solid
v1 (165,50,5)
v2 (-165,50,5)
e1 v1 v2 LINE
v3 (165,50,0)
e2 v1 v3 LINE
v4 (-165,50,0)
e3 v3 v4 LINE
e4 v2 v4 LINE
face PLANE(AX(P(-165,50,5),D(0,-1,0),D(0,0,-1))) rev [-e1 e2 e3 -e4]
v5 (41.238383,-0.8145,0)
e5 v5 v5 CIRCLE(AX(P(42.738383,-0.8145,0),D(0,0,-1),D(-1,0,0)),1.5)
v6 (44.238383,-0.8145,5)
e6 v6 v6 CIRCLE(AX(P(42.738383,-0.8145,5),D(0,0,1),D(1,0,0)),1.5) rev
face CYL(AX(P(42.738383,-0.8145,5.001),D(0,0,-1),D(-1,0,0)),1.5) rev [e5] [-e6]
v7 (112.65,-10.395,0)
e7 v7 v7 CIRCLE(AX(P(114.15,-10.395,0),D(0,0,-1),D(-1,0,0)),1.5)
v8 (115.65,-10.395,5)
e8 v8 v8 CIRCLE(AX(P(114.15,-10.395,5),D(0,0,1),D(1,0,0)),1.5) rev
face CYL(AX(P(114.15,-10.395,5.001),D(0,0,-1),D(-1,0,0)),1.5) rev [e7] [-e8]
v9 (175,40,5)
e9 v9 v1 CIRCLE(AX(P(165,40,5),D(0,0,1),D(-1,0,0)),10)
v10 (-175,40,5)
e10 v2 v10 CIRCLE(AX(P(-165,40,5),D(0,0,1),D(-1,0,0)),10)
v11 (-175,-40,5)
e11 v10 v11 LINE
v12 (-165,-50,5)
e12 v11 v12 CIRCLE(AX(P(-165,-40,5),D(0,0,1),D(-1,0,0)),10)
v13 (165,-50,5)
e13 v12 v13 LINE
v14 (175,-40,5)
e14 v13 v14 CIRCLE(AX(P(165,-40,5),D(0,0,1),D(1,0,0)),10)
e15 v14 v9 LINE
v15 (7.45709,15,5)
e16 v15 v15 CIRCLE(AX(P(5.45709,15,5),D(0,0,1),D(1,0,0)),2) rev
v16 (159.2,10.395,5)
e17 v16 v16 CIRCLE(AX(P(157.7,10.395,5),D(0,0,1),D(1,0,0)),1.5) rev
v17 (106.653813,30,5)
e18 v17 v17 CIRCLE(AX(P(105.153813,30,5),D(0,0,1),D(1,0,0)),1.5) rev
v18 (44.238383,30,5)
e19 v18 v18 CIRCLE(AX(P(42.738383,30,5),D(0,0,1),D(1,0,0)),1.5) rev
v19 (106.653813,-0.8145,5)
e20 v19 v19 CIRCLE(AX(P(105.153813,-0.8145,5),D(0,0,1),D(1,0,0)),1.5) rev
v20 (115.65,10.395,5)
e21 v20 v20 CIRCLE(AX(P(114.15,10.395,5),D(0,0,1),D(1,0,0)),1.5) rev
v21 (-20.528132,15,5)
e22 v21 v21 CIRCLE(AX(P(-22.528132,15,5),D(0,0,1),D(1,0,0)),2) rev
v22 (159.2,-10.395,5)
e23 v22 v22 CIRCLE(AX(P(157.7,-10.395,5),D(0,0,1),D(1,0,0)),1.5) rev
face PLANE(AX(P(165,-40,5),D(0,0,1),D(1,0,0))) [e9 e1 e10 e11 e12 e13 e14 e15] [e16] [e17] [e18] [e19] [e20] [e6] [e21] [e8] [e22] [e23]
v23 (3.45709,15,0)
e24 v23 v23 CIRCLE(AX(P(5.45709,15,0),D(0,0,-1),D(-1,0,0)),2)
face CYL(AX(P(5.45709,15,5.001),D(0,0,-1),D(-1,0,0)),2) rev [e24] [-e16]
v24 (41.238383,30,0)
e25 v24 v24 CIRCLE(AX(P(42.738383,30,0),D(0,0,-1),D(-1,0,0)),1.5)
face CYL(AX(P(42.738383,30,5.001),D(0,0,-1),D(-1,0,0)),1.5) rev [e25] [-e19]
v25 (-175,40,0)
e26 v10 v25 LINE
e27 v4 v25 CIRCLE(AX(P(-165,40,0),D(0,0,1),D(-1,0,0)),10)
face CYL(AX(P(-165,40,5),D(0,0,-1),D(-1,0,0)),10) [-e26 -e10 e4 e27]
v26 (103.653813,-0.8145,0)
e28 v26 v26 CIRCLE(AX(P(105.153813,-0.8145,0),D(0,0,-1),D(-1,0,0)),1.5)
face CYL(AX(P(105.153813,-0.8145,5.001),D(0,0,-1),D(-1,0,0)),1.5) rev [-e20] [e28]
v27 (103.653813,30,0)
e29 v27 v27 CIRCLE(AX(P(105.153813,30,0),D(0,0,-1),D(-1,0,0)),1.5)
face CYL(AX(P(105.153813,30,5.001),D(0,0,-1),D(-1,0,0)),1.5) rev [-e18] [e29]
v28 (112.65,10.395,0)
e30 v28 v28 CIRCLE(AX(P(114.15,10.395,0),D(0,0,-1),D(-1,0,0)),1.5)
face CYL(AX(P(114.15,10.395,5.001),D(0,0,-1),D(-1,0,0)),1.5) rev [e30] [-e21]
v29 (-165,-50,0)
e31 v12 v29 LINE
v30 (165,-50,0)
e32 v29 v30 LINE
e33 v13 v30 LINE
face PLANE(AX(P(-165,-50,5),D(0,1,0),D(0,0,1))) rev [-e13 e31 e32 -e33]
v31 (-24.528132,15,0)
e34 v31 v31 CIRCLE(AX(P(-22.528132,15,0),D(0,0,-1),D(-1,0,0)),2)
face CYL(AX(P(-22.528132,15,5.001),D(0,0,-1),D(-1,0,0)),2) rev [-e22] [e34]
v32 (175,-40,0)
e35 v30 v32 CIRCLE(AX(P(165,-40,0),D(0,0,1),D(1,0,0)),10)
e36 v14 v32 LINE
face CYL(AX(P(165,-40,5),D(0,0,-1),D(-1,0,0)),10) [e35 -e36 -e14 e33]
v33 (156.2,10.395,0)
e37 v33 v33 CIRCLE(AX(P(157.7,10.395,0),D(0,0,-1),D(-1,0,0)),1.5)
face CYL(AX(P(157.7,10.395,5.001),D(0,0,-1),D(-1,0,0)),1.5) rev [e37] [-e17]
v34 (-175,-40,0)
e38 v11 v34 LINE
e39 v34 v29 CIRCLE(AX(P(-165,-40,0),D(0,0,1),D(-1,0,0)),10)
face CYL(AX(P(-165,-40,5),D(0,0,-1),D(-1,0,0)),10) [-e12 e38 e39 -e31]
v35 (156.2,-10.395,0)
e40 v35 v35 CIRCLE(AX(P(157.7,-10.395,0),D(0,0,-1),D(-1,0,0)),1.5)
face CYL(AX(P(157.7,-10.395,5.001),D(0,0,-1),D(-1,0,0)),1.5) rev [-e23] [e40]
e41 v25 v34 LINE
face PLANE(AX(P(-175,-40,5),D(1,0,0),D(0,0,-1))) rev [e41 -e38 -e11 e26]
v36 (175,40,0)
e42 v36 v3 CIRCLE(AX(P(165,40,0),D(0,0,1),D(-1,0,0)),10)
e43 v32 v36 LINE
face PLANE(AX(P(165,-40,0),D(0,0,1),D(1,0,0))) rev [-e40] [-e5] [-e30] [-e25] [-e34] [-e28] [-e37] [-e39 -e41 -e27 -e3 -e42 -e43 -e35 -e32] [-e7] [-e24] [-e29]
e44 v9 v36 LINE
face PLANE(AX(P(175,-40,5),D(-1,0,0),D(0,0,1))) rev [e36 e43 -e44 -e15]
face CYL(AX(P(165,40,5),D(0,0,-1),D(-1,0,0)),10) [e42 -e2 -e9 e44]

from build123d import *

# Parameters (mm, degrees)
BOSS_EXTRUDE1_DEPTH = 5
CUT_EXTRUDE1_REACH  = 7
SKETCH2_R           = 2
SKETCH2_R_2         = 1.5


with BuildPart() as part:
    # Sketch1 → Boss-Extrude1 (new body)
    with BuildSketch(Plane.XY):
        with BuildLine():
            Line((-165, -50), (165, -50))
            ThreePointArc((165, -50), (172.071067812, -47.071067812), (175, -40))
            Line((175, -40), (175, 40))
            ThreePointArc((175, 40), (172.071067812, 47.071067812), (165, 50))
            Line((165, 50), (-165, 50))
            ThreePointArc((-165, 50), (-172.071067812, 47.071067812), (-175, 40))
            Line((-175, 40), (-175, -40))
            ThreePointArc((-175, -40), (-172.071067812, -47.071067812), (-165, -50))
        make_face()
    extrude(amount=BOSS_EXTRUDE1_DEPTH)

    # Sketch2 → Cut-Extrude1 (cut, up to next)
    with BuildSketch(Plane(origin=(0, 0, 0), x_dir=(-1, 0, 0), z_dir=(0, 0, -1)), mode=Mode.PRIVATE) as cut_extrude1_sk1:
        with Locations((-5.457089812, 15)):
            Circle(SKETCH2_R)
    cut_extrude1_tool1 = extrude(cut_extrude1_sk1.sketch, amount=-CUT_EXTRUDE1_REACH, mode=Mode.PRIVATE) & part.part
    add(cut_extrude1_tool1.solids().sort_by_distance((5.45709, 15, 0))[0], mode=Mode.SUBTRACT)
    # Sketch2 → Cut-Extrude1 (cut, up to next)
    with BuildSketch(Plane(origin=(0, 0, 0), x_dir=(-1, 0, 0), z_dir=(0, 0, -1)), mode=Mode.PRIVATE) as cut_extrude1_sk2:
        with Locations((22.528132313, 15)):
            Circle(SKETCH2_R)
    cut_extrude1_tool2 = extrude(cut_extrude1_sk2.sketch, amount=-CUT_EXTRUDE1_REACH, mode=Mode.PRIVATE) & part.part
    add(cut_extrude1_tool2.solids().sort_by_distance((-22.528132, 15, 0))[0], mode=Mode.SUBTRACT)
    # Sketch2 → Cut-Extrude1 (cut, up to next)
    with BuildSketch(Plane(origin=(0, 0, 0), x_dir=(-1, 0, 0), z_dir=(0, 0, -1)), mode=Mode.PRIVATE) as cut_extrude1_sk3:
        with Locations((-105.153812798, 30)):
            Circle(SKETCH2_R_2)
    cut_extrude1_tool3 = extrude(cut_extrude1_sk3.sketch, amount=-CUT_EXTRUDE1_REACH, mode=Mode.PRIVATE) & part.part
    add(cut_extrude1_tool3.solids().sort_by_distance((105.153813, 30, 0))[0], mode=Mode.SUBTRACT)
    # Sketch2 → Cut-Extrude1 (cut, up to next)
    with BuildSketch(Plane(origin=(0, 0, 0), x_dir=(-1, 0, 0), z_dir=(0, 0, -1)), mode=Mode.PRIVATE) as cut_extrude1_sk4:
        with Locations((-42.738382893, 30)):
            Circle(SKETCH2_R_2)
    cut_extrude1_tool4 = extrude(cut_extrude1_sk4.sketch, amount=-CUT_EXTRUDE1_REACH, mode=Mode.PRIVATE) & part.part
    add(cut_extrude1_tool4.solids().sort_by_distance((42.738383, 30, 0))[0], mode=Mode.SUBTRACT)
    # Sketch2 → Cut-Extrude1 (cut, up to next)
    with BuildSketch(Plane(origin=(0, 0, 0), x_dir=(-1, 0, 0), z_dir=(0, 0, -1)), mode=Mode.PRIVATE) as cut_extrude1_sk5:
        with Locations((-42.738382893, -0.814499844)):
            Circle(SKETCH2_R_2)
    cut_extrude1_tool5 = extrude(cut_extrude1_sk5.sketch, amount=-CUT_EXTRUDE1_REACH, mode=Mode.PRIVATE) & part.part
    add(cut_extrude1_tool5.solids().sort_by_distance((42.738383, -0.8145, 0))[0], mode=Mode.SUBTRACT)
    # Sketch2 → Cut-Extrude1 (cut, up to next)
    with BuildSketch(Plane(origin=(0, 0, 0), x_dir=(-1, 0, 0), z_dir=(0, 0, -1)), mode=Mode.PRIVATE) as cut_extrude1_sk6:
        with Locations((-105.153812798, -0.814499844)):
            Circle(SKETCH2_R_2)
    cut_extrude1_tool6 = extrude(cut_extrude1_sk6.sketch, amount=-CUT_EXTRUDE1_REACH, mode=Mode.PRIVATE) & part.part
    add(cut_extrude1_tool6.solids().sort_by_distance((105.153813, -0.8145, 0))[0], mode=Mode.SUBTRACT)
    # Sketch2 → Cut-Extrude1 (cut, up to next)
    with BuildSketch(Plane(origin=(0, 0, 0), x_dir=(-1, 0, 0), z_dir=(0, 0, -1)), mode=Mode.PRIVATE) as cut_extrude1_sk7:
        with Locations((-114.15, -10.395)):
            Circle(SKETCH2_R_2)
    cut_extrude1_tool7 = extrude(cut_extrude1_sk7.sketch, amount=-CUT_EXTRUDE1_REACH, mode=Mode.PRIVATE) & part.part
    add(cut_extrude1_tool7.solids().sort_by_distance((114.15, -10.395, 0))[0], mode=Mode.SUBTRACT)
    # Sketch2 → Cut-Extrude1 (cut, up to next)
    with BuildSketch(Plane(origin=(0, 0, 0), x_dir=(-1, 0, 0), z_dir=(0, 0, -1)), mode=Mode.PRIVATE) as cut_extrude1_sk8:
        with Locations((-114.15, 10.395)):
            Circle(SKETCH2_R_2)
    cut_extrude1_tool8 = extrude(cut_extrude1_sk8.sketch, amount=-CUT_EXTRUDE1_REACH, mode=Mode.PRIVATE) & part.part
    add(cut_extrude1_tool8.solids().sort_by_distance((114.15, 10.395, 0))[0], mode=Mode.SUBTRACT)
    # Sketch2 → Cut-Extrude1 (cut, up to next)
    with BuildSketch(Plane(origin=(0, 0, 0), x_dir=(-1, 0, 0), z_dir=(0, 0, -1)), mode=Mode.PRIVATE) as cut_extrude1_sk9:
        with Locations((-157.7, -10.395)):
            Circle(SKETCH2_R_2)
    cut_extrude1_tool9 = extrude(cut_extrude1_sk9.sketch, amount=-CUT_EXTRUDE1_REACH, mode=Mode.PRIVATE) & part.part
    add(cut_extrude1_tool9.solids().sort_by_distance((157.7, -10.395, 0))[0], mode=Mode.SUBTRACT)
    # Sketch2 → Cut-Extrude1 (cut, up to next)
    with BuildSketch(Plane(origin=(0, 0, 0), x_dir=(-1, 0, 0), z_dir=(0, 0, -1)), mode=Mode.PRIVATE) as cut_extrude1_sk10:
        with Locations((-157.7, 10.395)):
            Circle(SKETCH2_R_2)
    cut_extrude1_tool10 = extrude(cut_extrude1_sk10.sketch, amount=-CUT_EXTRUDE1_REACH, mode=Mode.PRIVATE) & part.part
    add(cut_extrude1_tool10.solids().sort_by_distance((157.7, 10.395, 0))[0], mode=Mode.SUBTRACT)


solid = part.part
